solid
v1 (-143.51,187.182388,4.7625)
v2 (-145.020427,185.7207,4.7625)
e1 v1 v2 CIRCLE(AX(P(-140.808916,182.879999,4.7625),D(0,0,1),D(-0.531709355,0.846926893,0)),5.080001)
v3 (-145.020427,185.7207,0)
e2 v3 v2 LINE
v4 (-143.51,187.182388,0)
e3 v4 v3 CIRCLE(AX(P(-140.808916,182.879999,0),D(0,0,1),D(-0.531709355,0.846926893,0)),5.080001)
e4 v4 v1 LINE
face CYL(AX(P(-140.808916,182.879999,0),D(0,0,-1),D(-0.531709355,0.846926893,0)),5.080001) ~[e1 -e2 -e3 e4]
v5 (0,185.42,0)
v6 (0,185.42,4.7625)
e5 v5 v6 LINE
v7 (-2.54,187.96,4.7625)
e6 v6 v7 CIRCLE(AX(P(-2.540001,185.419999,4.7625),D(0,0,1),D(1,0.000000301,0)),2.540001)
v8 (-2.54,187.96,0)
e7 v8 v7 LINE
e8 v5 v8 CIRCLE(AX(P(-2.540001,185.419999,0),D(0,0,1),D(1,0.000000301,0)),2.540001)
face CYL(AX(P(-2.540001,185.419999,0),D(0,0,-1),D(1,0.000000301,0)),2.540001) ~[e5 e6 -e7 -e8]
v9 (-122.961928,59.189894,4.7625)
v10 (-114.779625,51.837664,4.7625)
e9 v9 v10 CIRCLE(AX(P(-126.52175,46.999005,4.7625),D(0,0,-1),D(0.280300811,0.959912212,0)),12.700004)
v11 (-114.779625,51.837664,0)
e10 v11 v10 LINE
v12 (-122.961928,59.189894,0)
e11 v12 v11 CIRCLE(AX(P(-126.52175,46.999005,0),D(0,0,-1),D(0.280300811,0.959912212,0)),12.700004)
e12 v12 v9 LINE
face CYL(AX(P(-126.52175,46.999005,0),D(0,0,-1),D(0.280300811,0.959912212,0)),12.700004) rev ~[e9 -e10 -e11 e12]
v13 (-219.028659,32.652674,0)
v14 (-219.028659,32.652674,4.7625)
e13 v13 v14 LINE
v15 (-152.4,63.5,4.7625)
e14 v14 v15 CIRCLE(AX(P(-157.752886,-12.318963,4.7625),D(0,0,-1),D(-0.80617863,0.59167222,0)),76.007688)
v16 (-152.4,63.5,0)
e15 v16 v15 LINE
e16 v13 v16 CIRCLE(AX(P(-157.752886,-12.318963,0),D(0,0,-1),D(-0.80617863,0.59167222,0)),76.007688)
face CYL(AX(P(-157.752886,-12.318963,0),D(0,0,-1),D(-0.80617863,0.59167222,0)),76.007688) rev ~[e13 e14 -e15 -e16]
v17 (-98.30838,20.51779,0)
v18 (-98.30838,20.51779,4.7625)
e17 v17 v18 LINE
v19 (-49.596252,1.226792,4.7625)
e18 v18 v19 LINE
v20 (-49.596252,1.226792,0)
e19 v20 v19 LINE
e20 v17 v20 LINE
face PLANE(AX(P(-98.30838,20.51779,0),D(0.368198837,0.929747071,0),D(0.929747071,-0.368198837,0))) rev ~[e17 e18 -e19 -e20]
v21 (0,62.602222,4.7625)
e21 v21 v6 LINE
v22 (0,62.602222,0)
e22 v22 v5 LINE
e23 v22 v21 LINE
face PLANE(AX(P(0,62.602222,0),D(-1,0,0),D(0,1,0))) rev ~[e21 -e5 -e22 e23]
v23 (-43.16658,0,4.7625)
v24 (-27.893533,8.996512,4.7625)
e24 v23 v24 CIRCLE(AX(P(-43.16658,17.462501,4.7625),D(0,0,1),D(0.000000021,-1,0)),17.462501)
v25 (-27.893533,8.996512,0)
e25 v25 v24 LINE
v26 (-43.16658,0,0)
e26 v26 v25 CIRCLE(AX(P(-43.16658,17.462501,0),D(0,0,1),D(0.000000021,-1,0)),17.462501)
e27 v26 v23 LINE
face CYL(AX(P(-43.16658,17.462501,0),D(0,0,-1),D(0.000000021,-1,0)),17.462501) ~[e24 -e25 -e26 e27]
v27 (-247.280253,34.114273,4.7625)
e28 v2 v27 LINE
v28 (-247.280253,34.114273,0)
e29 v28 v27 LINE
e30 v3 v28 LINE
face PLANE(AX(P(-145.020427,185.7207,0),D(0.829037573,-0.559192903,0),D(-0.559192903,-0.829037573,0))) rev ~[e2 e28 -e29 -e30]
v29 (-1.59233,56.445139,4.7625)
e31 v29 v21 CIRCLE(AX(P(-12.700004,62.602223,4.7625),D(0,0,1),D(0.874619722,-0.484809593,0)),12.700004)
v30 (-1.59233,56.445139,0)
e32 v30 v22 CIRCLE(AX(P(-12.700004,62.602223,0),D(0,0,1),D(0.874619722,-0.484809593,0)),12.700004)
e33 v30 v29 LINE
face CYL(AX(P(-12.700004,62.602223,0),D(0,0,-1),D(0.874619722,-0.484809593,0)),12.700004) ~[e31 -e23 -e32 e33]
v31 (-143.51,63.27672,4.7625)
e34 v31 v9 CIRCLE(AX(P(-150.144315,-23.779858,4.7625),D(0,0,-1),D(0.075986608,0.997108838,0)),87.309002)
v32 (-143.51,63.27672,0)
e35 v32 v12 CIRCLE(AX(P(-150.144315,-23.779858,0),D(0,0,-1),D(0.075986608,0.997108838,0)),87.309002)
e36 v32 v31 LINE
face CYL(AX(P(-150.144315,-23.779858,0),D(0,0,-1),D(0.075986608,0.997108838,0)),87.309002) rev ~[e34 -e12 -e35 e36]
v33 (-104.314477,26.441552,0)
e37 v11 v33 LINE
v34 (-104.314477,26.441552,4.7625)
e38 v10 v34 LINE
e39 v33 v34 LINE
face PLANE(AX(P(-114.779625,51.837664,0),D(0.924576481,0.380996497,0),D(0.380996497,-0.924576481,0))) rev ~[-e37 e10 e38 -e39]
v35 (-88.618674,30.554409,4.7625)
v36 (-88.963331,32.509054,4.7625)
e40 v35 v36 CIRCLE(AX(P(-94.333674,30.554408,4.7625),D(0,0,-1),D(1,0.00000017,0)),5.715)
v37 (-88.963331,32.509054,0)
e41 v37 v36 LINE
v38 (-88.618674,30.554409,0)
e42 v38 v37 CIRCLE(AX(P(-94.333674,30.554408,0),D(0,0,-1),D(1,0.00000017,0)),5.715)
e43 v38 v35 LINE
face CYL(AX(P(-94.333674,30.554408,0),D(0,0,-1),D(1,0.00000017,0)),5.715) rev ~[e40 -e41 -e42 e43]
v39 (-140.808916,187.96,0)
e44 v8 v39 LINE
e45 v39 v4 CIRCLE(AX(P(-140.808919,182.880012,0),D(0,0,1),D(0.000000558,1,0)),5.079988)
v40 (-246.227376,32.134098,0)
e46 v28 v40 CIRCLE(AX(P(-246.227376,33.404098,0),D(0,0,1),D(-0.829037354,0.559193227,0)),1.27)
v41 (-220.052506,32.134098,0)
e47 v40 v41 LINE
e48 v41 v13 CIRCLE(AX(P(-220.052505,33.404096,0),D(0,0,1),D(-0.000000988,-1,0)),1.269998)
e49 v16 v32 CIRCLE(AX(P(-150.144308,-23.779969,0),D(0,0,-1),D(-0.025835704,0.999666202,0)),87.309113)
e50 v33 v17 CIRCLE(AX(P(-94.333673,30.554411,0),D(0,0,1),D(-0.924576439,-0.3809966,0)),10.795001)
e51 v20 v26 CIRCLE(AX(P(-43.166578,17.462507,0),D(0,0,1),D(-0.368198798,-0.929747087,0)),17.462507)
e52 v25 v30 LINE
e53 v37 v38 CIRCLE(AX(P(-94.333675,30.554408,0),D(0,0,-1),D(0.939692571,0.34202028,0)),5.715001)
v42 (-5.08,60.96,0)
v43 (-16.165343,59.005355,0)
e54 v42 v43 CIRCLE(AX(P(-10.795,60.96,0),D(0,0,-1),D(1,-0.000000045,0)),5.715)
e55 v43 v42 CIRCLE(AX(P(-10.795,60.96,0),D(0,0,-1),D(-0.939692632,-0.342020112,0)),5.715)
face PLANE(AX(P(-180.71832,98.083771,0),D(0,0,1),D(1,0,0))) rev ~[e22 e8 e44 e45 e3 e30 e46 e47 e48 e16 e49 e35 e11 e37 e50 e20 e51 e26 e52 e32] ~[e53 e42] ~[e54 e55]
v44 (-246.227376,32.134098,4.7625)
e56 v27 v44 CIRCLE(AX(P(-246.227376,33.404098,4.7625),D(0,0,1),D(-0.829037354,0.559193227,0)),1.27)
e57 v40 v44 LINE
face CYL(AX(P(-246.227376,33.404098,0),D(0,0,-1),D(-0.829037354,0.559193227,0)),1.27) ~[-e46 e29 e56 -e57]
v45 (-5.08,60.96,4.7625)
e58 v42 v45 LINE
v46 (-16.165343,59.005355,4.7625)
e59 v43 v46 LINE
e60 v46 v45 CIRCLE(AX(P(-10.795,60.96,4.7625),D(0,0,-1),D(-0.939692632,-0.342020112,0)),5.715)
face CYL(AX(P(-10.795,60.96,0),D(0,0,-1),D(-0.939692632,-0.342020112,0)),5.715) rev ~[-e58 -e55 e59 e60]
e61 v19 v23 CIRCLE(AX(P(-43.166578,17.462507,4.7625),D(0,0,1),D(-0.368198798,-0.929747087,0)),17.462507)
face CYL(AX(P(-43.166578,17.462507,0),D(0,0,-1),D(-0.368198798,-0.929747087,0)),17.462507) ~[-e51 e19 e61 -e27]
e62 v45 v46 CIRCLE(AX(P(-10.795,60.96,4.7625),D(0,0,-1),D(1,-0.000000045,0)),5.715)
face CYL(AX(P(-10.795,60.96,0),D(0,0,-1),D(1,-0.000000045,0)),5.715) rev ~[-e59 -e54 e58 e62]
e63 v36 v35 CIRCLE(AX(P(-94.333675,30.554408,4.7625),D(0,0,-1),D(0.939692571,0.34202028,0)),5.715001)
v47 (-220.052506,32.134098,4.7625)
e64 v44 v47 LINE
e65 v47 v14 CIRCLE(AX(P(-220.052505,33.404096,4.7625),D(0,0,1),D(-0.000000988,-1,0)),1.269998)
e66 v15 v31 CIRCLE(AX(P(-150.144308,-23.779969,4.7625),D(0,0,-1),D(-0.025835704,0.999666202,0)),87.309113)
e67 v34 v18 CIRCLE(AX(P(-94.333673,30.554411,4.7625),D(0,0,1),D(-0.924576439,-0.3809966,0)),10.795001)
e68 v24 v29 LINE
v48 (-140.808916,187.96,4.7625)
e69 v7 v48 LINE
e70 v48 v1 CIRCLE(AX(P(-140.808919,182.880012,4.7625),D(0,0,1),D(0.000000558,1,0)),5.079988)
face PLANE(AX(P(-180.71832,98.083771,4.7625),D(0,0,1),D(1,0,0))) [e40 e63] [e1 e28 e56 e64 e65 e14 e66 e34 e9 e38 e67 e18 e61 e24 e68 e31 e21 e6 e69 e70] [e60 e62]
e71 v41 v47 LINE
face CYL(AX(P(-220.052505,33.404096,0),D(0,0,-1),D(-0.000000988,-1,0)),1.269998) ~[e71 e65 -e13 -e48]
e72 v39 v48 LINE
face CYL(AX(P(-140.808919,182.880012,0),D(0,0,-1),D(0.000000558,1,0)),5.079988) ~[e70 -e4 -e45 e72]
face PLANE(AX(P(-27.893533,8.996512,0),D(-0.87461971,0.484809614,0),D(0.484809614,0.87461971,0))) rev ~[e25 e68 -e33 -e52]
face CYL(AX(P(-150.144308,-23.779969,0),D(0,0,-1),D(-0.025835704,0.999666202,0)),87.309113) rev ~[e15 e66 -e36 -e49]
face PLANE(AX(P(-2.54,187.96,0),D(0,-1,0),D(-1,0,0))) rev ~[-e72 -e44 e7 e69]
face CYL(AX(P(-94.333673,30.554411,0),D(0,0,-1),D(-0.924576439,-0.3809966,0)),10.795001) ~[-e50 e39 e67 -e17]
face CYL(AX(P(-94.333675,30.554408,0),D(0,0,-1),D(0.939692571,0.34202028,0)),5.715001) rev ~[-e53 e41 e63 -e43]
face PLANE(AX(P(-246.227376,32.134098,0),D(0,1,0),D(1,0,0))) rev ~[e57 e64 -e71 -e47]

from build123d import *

# Parameters (mm, degrees)
F1_DEPTH = 4.7625


with BuildPart() as f1:
    # F0 (on Top) → F1 (new body)
    with BuildSketch(Plane.XY):
        with BuildLine():
            ThreePointArc((-152.4, 63.5), (-147.952155, 63.501619), (-143.51, 63.27672))
            Line((-143.51, 63.27672), (-143.51, 187.182388))
            ThreePointArc((-143.51, 187.182388), (-144.341638, 186.530517), (-145.020427, 185.7207))
            Line((-145.020427, 185.7207), (-247.280253, 34.114273))
            ThreePointArc((-247.280253, 34.114273), (-247.348719, 32.807869), (-246.227376, 32.134098))
            Line((-246.227376, 32.134098), (-220.052506, 32.134098))
            ThreePointArc((-220.052506, 32.134098), (-219.478663, 32.271135), (-219.028659, 32.652674))
            ThreePointArc((-219.028659, 32.652674), (-189.686124, 56.655212), (-152.4, 63.5))
        make_face()
        with BuildLine():
            Line((-98.30838, 20.51779), (-49.596252, 1.226792))
            ThreePointArc((-49.596252, 1.226792), (-52.981384, 31.905787), (-25.70408, 17.4625))
            ThreePointArc((-25.70408, 17.4625), (-26.260302, 13.090239), (-27.893533, 8.996512))
            Line((-27.893533, 8.996512), (-1.59233, 56.445139))
            ThreePointArc((-1.59233, 56.445139), (-0.404525, 59.422396), (0, 62.602222))
            Line((0, 62.602222), (0, 185.42))
            ThreePointArc((0, 185.42), (-0.743949, 187.216051), (-2.54, 187.96))
            Line((-2.54, 187.96), (-140.808916, 187.96))
            ThreePointArc((-140.808916, 187.96), (-142.214311, 187.761728), (-143.51, 187.182388))
            Line((-143.51, 187.182388), (-143.51, 63.27672))
            ThreePointArc((-143.51, 63.27672), (-133.112936, 61.851877), (-122.961928, 59.189894))
            ThreePointArc((-122.961928, 59.189894), (-118.033451, 56.445639), (-114.779625, 51.837664))
            Line((-114.779625, 51.837664), (-104.314477, 26.441552))
            ThreePointArc((-104.314477, 26.441552), (-98.237009, 40.619001), (-84.189692, 34.246517))
            ThreePointArc((-84.189692, 34.246517), (-83.702674, 32.428941), (-83.538674, 30.554409))
            ThreePointArc((-83.538674, 30.554409), (-88.266341, 21.625832), (-98.30838, 20.51779))
        make_face()
        with BuildLine():
            ThreePointArc((-5.08, 60.96), (-9.802601, 55.331824), (-16.165343, 59.005355))
            ThreePointArc((-16.165343, 59.005355), (-11.787399, 66.588176), (-5.08, 60.96))
        make_face(mode=Mode.SUBTRACT)
        with BuildLine():
            ThreePointArc((-49.596252, 1.226792), (-46.439412, 0.30944), (-43.16658, 0))
            ThreePointArc((-43.16658, 0), (-34.303691, 2.416301), (-27.893533, 8.996512))
            ThreePointArc((-27.893533, 8.996512), (-26.260302, 13.090239), (-25.70408, 17.4625))
            ThreePointArc((-25.70408, 17.4625), (-52.981384, 31.905787), (-49.596252, 1.226792))
        make_face()
        with BuildLine():
            ThreePointArc((-104.314477, 26.441552), (-101.91403, 22.868694), (-98.30838, 20.51779))
            ThreePointArc((-98.30838, 20.51779), (-88.266341, 21.625832), (-83.538674, 30.554409))
            ThreePointArc((-83.538674, 30.554409), (-83.702674, 32.428941), (-84.189692, 34.246517))
            ThreePointArc((-84.189692, 34.246517), (-98.237009, 40.619001), (-104.314477, 26.441552))
        make_face()
        with BuildLine():
            ThreePointArc((-88.618674, 30.554409), (-99.96185, 29.56201), (-88.963331, 32.509054))
            ThreePointArc((-88.963331, 32.509054), (-88.705498, 31.546809), (-88.618674, 30.554409))
        make_face(mode=Mode.SUBTRACT)
    extrude(amount=F1_DEPTH)


solid = f1.part
